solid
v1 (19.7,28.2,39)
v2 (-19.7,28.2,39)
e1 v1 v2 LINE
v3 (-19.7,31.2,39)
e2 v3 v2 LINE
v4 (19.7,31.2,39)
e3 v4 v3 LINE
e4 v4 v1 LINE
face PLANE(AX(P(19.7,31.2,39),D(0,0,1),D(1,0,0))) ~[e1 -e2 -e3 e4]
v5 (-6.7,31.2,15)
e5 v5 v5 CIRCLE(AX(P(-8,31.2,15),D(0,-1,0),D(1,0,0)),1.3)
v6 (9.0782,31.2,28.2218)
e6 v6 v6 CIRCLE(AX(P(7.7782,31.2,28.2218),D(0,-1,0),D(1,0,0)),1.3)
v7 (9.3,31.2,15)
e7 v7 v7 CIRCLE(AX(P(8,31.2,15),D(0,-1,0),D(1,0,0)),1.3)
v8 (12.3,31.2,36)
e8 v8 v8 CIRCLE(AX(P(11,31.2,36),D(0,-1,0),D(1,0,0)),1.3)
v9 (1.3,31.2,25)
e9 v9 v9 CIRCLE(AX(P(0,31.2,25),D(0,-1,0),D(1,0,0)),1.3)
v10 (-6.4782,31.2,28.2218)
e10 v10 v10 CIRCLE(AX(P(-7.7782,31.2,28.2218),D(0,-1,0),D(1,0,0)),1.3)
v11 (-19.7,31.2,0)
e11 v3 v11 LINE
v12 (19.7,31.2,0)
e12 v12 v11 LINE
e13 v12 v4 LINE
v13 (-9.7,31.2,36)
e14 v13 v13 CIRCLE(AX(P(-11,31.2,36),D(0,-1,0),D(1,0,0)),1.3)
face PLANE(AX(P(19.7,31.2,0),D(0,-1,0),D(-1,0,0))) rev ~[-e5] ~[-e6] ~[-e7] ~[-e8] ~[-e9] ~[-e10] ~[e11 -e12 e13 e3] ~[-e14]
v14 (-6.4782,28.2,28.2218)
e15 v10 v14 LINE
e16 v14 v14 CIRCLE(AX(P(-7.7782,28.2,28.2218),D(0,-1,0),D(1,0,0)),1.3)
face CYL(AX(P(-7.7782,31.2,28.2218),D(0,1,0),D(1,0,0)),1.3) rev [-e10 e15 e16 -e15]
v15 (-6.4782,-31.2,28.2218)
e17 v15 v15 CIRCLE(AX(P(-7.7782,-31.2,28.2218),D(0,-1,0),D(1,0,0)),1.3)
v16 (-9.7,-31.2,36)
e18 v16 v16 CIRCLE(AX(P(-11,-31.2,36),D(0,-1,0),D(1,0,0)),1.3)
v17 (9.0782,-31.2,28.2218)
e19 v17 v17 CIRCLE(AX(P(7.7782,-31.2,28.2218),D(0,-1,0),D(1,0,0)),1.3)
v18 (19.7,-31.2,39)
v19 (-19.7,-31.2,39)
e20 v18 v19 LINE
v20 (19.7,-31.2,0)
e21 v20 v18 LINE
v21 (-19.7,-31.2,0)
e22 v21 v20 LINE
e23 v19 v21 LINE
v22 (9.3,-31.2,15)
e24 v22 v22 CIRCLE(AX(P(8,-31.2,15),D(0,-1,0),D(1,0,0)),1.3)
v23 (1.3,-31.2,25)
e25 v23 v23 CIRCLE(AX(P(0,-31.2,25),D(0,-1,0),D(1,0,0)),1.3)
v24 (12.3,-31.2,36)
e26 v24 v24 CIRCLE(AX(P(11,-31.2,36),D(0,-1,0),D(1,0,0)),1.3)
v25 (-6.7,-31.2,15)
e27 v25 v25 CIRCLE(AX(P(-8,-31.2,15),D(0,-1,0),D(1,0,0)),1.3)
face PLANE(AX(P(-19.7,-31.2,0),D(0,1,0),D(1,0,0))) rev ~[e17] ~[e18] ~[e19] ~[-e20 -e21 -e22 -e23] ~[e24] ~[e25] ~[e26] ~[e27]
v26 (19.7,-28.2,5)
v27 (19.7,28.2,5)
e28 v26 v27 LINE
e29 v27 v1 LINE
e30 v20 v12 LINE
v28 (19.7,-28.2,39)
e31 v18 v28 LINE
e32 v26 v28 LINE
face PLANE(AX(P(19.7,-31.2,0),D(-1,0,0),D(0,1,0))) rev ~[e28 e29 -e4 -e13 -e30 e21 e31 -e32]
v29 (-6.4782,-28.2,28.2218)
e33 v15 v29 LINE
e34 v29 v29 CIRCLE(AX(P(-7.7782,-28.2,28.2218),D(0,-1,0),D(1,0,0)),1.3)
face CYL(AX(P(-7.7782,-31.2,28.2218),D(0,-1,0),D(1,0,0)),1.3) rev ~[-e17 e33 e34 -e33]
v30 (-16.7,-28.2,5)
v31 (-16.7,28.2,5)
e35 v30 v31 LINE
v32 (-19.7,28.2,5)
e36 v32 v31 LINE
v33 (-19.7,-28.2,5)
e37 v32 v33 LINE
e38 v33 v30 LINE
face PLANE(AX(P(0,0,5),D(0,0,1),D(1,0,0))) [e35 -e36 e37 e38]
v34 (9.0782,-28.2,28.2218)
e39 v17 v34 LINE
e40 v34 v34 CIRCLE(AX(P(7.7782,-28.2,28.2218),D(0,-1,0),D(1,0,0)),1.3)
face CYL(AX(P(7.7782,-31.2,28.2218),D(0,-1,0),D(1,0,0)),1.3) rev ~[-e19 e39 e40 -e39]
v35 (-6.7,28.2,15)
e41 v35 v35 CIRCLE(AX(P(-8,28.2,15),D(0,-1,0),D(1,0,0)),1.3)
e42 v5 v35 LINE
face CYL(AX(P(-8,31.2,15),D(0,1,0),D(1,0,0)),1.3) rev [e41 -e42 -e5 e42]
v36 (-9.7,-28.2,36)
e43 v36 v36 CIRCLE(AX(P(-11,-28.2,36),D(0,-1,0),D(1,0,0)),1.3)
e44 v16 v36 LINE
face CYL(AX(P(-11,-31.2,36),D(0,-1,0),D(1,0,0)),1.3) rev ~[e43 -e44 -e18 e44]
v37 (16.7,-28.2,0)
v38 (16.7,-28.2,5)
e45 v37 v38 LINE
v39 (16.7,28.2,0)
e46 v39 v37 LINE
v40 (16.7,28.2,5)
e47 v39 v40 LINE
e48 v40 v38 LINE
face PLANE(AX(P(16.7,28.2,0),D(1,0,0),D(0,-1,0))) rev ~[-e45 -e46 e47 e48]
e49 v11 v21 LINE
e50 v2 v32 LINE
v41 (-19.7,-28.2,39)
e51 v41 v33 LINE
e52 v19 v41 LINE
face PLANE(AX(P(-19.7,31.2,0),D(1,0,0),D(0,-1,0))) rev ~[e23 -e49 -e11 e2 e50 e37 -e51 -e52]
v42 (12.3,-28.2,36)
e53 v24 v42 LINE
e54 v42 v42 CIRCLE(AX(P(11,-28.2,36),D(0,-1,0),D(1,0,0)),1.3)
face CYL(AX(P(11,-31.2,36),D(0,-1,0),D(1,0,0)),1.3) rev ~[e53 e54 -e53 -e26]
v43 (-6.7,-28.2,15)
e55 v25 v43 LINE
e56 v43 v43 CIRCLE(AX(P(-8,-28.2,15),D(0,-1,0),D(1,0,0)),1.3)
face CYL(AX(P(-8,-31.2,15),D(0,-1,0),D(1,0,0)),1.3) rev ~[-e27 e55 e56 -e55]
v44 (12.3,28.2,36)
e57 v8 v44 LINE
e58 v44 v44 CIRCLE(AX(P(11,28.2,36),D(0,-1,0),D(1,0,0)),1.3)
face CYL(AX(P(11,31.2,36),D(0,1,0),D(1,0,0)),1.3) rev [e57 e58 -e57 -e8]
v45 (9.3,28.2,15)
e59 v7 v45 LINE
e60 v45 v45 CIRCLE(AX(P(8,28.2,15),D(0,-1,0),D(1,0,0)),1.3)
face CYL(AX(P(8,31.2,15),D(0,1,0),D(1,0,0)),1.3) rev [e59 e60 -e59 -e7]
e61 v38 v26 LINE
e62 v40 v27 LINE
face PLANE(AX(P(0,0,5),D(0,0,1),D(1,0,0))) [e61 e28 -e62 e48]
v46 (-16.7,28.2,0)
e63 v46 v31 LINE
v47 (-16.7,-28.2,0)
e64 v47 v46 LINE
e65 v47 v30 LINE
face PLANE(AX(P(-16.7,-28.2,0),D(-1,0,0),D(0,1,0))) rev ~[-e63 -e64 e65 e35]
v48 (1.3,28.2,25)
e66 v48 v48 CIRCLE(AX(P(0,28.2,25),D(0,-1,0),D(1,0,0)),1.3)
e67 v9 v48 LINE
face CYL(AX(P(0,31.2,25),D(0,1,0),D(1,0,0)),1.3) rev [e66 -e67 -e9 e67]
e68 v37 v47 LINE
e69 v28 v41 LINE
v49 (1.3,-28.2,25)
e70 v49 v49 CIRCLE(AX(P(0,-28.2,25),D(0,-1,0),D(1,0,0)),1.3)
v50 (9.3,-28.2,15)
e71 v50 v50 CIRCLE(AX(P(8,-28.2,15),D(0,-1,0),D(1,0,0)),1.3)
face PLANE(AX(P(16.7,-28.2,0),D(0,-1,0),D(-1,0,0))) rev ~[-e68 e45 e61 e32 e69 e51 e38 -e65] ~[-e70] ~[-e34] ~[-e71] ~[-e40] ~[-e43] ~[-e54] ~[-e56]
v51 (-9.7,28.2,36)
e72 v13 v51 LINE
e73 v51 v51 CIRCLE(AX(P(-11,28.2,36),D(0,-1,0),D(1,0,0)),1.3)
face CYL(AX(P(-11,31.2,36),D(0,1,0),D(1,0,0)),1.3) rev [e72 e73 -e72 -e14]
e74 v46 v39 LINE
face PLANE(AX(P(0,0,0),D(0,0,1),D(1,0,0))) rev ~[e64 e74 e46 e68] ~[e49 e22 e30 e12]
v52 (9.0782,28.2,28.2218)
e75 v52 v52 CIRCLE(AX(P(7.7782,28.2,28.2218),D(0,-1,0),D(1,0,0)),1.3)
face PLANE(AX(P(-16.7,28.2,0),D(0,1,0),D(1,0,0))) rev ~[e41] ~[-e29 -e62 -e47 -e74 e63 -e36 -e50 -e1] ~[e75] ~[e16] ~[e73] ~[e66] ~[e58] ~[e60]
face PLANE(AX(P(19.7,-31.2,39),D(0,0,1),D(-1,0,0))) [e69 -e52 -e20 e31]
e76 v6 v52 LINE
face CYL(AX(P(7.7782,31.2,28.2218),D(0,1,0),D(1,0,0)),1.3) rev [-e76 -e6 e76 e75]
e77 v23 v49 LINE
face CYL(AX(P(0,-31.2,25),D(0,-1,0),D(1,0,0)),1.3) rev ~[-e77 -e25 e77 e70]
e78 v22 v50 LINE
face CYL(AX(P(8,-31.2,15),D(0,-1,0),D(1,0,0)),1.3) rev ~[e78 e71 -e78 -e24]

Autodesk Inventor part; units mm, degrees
ref_plane "YZ Plane" through (0, 0, 0) normal (1, 0, 0) x (0, 1, 0)
ref_plane "XZ Plane" through (0, 0, 0) normal (0, 1, 0) x (-1, 0, 0)
ref_plane "XY Plane" through (0, 0, 0) normal (0, 0, 1) x (1, 0, 0)
sketch "스케치1" plane through (0, 0, 0) normal (0, 0, 1) x (1, 0, 0)
  line L0 (-16.7, 28.2) -> (16.7, 28.2)
  line L1 (16.7, 28.2) -> (16.7, -28.2)
  line L2 (16.7, -28.2) -> (-16.7, -28.2)
  line L3 (-16.7, -28.2) -> (-16.7, 28.2)
  line L4 (19.7, -31.2) -> (19.7, 31.2)
  line L5 (19.7, 31.2) -> (-19.7, 31.2)
  line L6 (-19.7, 31.2) -> (-19.7, -31.2)
  line L7 (-19.7, -31.2) -> (19.7, -31.2)
  point P0 (0, 0)
  point P1 (-16.7, 0)
  point P2 (0, 28.2)
  dimension "d0" = 33.4
  dimension "d1" = 56.4
  dimension "d2" = 3
extrude "돌출1" add sketch "스케치1" along normal blind 5
sketch "스케치3" plane through (-19.7, -31.2, 0) normal (0, -1, 0) x (1, 0, 0)
  line L0 (39.4, 0) -> (0, 0) projected
  line L1 (0, 0) -> (39.4, 0)
  line L2 (39.4, 0) -> (39.4, 39)
  line L3 (39.4, 39) -> (0, 39)
  line L4 (0, 39) -> (0, 0)
  line L5 (19.7, 39) -> (19.7, 0) construction
  line L6 (0, 36) -> (39.4, 36) construction
  circle A0 centre (19.7, 36) radius 11 construction
  circle A1 centre (8.7, 36) radius 1.3
  circle A2 centre (11.9218, 28.2218) radius 1.3
  circle A3 centre (19.7, 25) radius 1.3
  circle A4 centre (27.4782, 28.2218) radius 1.3
  circle A5 centre (30.7, 36) radius 1.3
  line L7 (0, 15) -> (39.4, 15) construction
  circle A6 centre (11.7, 15) radius 1.3
  circle A7 centre (27.7, 15) radius 1.3
  point P0 (39.4, 0)
  dimension "d9" = 22
  dimension "d5" = 39
  dimension "d8" = 3
  dimension "d10" = 2.6
  dimension "d13" = 180
  dimension "d15" = 24
  dimension "d16" = 2.6
  dimension "d17" = 2.6
  dimension "d18" = 8
  dimension "d19" = 8
extrude "돌출2" add sketch "스케치3" against normal blind 3
mirror "미러1" about plane through (0, 0, 0) normal (0, 1, 0)
properties part number "ARM_1 SKETCH"
